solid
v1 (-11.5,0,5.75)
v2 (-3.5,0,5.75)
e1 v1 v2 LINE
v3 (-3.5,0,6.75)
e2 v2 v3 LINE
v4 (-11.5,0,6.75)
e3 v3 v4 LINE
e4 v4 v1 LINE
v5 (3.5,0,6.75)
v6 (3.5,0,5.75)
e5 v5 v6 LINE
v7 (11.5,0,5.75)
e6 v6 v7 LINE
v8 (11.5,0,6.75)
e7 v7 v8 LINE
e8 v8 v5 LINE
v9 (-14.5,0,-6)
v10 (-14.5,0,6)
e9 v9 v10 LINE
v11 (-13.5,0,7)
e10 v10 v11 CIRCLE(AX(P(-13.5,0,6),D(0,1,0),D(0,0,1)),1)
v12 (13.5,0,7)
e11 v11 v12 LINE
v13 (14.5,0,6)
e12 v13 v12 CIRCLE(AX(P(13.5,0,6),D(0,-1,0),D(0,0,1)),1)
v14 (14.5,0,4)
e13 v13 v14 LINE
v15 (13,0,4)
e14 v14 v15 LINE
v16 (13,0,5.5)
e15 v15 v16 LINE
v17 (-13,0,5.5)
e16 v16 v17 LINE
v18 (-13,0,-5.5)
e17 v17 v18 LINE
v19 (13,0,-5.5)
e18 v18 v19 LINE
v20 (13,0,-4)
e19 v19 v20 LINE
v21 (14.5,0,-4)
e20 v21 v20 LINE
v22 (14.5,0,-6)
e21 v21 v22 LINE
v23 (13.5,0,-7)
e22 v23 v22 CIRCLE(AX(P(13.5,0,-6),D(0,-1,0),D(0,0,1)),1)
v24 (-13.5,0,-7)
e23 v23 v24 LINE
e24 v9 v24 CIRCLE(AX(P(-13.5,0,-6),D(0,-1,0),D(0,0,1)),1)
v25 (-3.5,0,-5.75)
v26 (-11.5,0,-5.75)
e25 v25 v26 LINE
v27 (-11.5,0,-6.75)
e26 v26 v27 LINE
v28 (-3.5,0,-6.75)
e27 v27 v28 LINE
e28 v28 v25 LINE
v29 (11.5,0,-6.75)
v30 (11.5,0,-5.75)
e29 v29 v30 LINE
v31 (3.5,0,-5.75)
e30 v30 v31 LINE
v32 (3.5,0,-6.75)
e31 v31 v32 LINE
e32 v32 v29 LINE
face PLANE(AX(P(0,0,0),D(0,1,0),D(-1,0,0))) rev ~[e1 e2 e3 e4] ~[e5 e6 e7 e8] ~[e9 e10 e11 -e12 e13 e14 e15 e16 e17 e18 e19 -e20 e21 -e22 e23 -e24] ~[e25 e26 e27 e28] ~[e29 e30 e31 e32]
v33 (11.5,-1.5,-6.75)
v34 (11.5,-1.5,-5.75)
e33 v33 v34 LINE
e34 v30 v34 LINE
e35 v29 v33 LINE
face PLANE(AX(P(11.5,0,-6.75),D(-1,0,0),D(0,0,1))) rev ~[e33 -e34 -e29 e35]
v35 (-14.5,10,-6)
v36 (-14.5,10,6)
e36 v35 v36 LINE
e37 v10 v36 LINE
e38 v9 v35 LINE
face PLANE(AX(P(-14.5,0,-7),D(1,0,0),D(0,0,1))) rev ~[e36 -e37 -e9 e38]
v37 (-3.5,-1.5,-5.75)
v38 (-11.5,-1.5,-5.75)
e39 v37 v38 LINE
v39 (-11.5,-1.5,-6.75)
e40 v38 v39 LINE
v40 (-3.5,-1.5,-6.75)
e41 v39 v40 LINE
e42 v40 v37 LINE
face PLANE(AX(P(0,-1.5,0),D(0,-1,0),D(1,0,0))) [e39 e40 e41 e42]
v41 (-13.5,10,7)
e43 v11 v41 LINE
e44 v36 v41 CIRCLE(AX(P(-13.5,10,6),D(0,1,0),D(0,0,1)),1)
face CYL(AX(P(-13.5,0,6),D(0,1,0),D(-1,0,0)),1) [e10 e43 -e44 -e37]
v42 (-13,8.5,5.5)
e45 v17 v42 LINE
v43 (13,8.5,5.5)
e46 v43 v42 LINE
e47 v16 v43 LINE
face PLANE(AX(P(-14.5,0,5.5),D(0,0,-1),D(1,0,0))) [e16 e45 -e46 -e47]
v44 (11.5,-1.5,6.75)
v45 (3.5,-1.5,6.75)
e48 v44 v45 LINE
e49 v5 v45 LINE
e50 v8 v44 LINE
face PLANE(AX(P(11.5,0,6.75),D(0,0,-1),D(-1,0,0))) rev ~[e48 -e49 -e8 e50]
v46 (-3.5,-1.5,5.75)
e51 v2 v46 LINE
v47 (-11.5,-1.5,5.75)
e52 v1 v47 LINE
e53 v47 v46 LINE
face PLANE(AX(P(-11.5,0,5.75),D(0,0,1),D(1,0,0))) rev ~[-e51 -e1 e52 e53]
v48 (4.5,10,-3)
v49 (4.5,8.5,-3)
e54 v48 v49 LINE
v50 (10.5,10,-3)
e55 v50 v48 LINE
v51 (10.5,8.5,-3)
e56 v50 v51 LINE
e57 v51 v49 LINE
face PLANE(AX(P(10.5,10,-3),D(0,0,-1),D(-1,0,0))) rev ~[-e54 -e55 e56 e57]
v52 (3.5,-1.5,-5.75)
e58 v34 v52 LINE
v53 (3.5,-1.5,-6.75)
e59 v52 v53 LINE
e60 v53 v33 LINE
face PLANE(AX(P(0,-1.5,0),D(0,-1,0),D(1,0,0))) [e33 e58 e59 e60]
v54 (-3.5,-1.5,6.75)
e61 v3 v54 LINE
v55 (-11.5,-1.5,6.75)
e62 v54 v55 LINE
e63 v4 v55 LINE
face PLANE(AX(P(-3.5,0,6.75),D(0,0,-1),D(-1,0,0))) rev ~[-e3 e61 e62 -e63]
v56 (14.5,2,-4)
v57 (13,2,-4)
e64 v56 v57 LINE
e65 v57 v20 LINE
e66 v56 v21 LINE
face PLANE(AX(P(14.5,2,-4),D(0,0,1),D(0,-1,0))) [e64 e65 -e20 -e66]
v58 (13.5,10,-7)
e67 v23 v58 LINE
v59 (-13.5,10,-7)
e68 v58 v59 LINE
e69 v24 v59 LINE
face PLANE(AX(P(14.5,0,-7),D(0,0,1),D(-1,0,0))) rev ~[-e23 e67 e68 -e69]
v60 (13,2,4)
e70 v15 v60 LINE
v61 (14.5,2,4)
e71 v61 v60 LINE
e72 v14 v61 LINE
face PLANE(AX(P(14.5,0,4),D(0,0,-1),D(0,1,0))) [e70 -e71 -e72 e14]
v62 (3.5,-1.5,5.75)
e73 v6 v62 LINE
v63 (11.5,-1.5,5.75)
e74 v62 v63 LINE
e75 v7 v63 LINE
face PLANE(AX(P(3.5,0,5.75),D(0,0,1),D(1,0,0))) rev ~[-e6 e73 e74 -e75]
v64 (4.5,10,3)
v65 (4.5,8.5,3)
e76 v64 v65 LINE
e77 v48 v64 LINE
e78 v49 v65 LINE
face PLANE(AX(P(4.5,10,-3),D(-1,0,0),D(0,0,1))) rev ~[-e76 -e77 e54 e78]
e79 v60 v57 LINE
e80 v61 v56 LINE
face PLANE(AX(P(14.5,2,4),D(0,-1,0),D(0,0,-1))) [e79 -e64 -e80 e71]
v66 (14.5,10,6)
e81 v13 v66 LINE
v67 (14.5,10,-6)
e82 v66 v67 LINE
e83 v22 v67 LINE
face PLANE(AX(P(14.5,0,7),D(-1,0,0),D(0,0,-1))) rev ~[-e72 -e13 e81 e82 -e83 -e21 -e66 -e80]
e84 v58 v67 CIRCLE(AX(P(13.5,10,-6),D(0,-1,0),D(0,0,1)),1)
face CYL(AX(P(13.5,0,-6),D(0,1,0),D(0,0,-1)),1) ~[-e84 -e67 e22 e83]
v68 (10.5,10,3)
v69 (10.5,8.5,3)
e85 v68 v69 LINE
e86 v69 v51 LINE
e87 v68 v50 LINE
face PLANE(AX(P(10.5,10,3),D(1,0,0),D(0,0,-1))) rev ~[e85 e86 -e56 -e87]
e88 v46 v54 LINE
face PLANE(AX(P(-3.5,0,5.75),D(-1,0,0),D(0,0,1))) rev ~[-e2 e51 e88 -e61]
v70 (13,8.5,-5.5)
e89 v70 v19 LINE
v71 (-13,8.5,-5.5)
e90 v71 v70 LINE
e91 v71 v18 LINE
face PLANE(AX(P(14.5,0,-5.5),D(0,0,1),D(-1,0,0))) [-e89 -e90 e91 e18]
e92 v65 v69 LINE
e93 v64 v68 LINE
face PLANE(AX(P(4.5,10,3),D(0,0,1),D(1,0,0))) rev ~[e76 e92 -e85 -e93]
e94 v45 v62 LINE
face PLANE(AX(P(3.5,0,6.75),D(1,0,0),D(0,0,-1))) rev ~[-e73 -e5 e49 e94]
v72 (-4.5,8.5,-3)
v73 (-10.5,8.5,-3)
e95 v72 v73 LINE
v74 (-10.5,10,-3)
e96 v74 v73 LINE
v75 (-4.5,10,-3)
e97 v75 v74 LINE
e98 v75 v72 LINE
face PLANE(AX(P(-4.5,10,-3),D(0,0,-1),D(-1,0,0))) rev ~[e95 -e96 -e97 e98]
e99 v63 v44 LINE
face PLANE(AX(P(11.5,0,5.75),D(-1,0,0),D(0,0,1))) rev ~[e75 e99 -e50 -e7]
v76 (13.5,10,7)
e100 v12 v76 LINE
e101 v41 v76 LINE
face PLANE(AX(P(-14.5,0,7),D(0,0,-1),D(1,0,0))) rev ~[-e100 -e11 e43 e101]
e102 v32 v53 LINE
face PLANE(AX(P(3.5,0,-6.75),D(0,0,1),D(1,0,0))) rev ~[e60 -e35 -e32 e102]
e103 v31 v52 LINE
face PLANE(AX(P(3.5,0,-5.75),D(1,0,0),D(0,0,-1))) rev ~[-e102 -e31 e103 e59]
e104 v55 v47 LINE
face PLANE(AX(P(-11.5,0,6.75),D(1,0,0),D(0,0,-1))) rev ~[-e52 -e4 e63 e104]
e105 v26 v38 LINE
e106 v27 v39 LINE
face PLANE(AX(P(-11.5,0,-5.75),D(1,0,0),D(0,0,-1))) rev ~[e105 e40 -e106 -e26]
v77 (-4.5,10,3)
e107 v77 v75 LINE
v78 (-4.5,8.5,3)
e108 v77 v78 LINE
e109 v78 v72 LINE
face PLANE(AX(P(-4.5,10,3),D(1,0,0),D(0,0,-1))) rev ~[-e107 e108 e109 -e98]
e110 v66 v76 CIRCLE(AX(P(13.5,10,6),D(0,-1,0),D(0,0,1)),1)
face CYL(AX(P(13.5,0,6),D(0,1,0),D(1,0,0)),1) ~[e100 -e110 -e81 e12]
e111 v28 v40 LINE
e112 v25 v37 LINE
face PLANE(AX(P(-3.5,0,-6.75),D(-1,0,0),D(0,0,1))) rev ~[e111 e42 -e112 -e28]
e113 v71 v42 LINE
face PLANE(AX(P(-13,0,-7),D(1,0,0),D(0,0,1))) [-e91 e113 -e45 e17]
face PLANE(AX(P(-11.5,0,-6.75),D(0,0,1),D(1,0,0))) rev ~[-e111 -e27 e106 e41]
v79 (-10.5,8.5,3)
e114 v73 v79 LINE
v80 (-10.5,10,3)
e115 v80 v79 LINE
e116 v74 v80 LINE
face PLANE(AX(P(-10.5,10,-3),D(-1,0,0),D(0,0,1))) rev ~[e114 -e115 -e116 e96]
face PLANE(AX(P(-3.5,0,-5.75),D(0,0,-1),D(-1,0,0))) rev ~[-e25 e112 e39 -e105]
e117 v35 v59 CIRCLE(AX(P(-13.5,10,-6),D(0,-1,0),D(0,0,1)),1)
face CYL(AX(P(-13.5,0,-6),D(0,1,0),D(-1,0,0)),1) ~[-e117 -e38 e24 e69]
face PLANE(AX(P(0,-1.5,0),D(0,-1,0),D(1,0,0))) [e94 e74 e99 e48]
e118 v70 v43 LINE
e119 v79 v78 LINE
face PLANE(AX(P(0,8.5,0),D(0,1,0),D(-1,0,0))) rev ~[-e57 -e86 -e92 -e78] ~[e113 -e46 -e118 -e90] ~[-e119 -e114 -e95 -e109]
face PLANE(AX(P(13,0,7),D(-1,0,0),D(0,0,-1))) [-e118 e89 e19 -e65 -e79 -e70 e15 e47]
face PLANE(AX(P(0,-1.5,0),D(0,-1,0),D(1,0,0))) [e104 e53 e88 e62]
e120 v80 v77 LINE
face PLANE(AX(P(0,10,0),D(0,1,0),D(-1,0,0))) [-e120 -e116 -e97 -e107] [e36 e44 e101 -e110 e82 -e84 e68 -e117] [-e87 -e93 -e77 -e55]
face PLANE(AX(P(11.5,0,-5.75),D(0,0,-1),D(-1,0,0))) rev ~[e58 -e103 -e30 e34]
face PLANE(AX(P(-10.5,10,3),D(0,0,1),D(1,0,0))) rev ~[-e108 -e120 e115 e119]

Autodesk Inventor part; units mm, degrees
ref_plane "YZ Plane" through (0, 0, 0) normal (1, 0, 0) x (0, 1, 0)
ref_plane "XZ Plane" through (0, 0, 0) normal (0, 1, 0) x (-1, 0, 0)
ref_plane "XY Plane" through (0, 0, 0) normal (0, 0, 1) x (1, 0, 0)
sketch "Sketch1" plane through (0, 0, 0) normal (0, 1, 0) x (-1, 0, 0)
  line L0 (14.5, 7) -> (-14.5, 7)
  line L1 (-14.5, 7) -> (-14.5, -7)
  line L2 (-14.5, -7) -> (14.5, -7)
  line L3 (14.5, -7) -> (14.5, 7)
  point P0 (0, 0)
  dimension "d0" = 14
  dimension "d1" = 29
  dimension "d2" = 14.5
  dimension "d3" = 7
extrude "Extrusion1" add sketch "Sketch1" along normal blind 10
fillet "Fillet1" radius 1 4 edges at (14.5, 5, 7) (14.5, 5, -7) (-14.5, 5, -7) (-14.5, 5, 7)
shell "Shell1" thickness 1.5 removed faces 1 at (4.5, 0, 2.3333)
sketch "Sketch3" plane through (0, 10, 0) normal (0, 1, 0) x (1, 0, 0)
  line L0 (-10.5, -3) -> (-4.5, -3)
  line L1 (-4.5, -3) -> (-4.5, 3)
  line L2 (-4.5, 3) -> (-10.5, 3)
  line L3 (-10.5, 3) -> (-10.5, -3)
  line L4 (4.5, -3) -> (10.5, -3)
  line L5 (10.5, -3) -> (10.5, 3)
  line L6 (10.5, 3) -> (4.5, 3)
  line L7 (4.5, 3) -> (4.5, -3)
  line L8 (-13.5, -7) -> (13.5, -7) projected
  line L9 (-14.5, 6) -> (-14.5, -6) projected
  line L10 (14.5, -6) -> (14.5, 6) projected
  point P0 (0, 0)
  dimension "d14" = 6
  dimension "d15" = 6
  dimension "d16" = 4
  dimension "d17" = 4
  dimension "d18" = 4
  dimension "d19" = 6
extrude "Extrusion3" cut sketch "Sketch3" against normal through all
sketch "Sketch4" plane through (0, 0, 0) normal (0, -1, 0) x (1, 0, 0)
  line L0 (11.5, 6.75) -> (3.5, 6.75)
  line L1 (3.5, 6.75) -> (3.5, 5.75)
  line L2 (3.5, 5.75) -> (11.5, 5.75)
  line L3 (11.5, 5.75) -> (11.5, 6.75)
  line L4 (-3.5, 6.75) -> (-11.5, 6.75)
  line L5 (-11.5, 6.75) -> (-11.5, 5.75)
  line L6 (-11.5, 5.75) -> (-3.5, 5.75)
  line L7 (-3.5, 5.75) -> (-3.5, 6.75)
  line L8 (11.5, -5.75) -> (3.5, -5.75)
  line L9 (3.5, -5.75) -> (3.5, -6.75)
  line L10 (3.5, -6.75) -> (11.5, -6.75)
  line L11 (11.5, -6.75) -> (11.5, -5.75)
  line L12 (-3.5, -5.75) -> (-11.5, -5.75)
  line L13 (-11.5, -5.75) -> (-11.5, -6.75)
  line L14 (-11.5, -6.75) -> (-3.5, -6.75)
  line L15 (-3.5, -6.75) -> (-3.5, -5.75)
  line L16 (14.5, 6) -> (14.5, -6) projected
  line L17 (-14.5, -6) -> (-14.5, 6) projected
  line L18 (-13, 5.5) -> (13, 5.5) projected
  line L19 (13.5, -7) -> (-13.5, -7) projected
  point P0 (0, 0)
  dimension "d22" = 3
  dimension "d23" = 3
  dimension "d24" = 1
  dimension "d25" = 8
  dimension "d26" = 1
  dimension "d27" = 8
  dimension "d28" = 0.25
  dimension "d29" = 0.25
extrude "Extrusion4" add sketch "Sketch4" along normal blind 1.5
sketch "Sketch5" plane through (14.5, 0, 6) normal (1, 0, 0) x (0, 0, -1)
  line L0 (0, 0) -> (12, 0) projected
  line L1 (2, 2) -> (10, 2)
  line L2 (10, 2) -> (10, 0)
  line L3 (10, 0) -> (2, 0)
  line L4 (2, 0) -> (2, 2)
  line L5 (0, 0) -> (0, 10) projected
  point P0 (6, 0)
  point P1 (2, 0)
  dimension "d32" = 8
  dimension "d33" = 2
  dimension "d34" = 2
extrude "Extrusion5" cut sketch "Sketch5" against normal blind 1.5
properties part number "Keyboard_Base"
